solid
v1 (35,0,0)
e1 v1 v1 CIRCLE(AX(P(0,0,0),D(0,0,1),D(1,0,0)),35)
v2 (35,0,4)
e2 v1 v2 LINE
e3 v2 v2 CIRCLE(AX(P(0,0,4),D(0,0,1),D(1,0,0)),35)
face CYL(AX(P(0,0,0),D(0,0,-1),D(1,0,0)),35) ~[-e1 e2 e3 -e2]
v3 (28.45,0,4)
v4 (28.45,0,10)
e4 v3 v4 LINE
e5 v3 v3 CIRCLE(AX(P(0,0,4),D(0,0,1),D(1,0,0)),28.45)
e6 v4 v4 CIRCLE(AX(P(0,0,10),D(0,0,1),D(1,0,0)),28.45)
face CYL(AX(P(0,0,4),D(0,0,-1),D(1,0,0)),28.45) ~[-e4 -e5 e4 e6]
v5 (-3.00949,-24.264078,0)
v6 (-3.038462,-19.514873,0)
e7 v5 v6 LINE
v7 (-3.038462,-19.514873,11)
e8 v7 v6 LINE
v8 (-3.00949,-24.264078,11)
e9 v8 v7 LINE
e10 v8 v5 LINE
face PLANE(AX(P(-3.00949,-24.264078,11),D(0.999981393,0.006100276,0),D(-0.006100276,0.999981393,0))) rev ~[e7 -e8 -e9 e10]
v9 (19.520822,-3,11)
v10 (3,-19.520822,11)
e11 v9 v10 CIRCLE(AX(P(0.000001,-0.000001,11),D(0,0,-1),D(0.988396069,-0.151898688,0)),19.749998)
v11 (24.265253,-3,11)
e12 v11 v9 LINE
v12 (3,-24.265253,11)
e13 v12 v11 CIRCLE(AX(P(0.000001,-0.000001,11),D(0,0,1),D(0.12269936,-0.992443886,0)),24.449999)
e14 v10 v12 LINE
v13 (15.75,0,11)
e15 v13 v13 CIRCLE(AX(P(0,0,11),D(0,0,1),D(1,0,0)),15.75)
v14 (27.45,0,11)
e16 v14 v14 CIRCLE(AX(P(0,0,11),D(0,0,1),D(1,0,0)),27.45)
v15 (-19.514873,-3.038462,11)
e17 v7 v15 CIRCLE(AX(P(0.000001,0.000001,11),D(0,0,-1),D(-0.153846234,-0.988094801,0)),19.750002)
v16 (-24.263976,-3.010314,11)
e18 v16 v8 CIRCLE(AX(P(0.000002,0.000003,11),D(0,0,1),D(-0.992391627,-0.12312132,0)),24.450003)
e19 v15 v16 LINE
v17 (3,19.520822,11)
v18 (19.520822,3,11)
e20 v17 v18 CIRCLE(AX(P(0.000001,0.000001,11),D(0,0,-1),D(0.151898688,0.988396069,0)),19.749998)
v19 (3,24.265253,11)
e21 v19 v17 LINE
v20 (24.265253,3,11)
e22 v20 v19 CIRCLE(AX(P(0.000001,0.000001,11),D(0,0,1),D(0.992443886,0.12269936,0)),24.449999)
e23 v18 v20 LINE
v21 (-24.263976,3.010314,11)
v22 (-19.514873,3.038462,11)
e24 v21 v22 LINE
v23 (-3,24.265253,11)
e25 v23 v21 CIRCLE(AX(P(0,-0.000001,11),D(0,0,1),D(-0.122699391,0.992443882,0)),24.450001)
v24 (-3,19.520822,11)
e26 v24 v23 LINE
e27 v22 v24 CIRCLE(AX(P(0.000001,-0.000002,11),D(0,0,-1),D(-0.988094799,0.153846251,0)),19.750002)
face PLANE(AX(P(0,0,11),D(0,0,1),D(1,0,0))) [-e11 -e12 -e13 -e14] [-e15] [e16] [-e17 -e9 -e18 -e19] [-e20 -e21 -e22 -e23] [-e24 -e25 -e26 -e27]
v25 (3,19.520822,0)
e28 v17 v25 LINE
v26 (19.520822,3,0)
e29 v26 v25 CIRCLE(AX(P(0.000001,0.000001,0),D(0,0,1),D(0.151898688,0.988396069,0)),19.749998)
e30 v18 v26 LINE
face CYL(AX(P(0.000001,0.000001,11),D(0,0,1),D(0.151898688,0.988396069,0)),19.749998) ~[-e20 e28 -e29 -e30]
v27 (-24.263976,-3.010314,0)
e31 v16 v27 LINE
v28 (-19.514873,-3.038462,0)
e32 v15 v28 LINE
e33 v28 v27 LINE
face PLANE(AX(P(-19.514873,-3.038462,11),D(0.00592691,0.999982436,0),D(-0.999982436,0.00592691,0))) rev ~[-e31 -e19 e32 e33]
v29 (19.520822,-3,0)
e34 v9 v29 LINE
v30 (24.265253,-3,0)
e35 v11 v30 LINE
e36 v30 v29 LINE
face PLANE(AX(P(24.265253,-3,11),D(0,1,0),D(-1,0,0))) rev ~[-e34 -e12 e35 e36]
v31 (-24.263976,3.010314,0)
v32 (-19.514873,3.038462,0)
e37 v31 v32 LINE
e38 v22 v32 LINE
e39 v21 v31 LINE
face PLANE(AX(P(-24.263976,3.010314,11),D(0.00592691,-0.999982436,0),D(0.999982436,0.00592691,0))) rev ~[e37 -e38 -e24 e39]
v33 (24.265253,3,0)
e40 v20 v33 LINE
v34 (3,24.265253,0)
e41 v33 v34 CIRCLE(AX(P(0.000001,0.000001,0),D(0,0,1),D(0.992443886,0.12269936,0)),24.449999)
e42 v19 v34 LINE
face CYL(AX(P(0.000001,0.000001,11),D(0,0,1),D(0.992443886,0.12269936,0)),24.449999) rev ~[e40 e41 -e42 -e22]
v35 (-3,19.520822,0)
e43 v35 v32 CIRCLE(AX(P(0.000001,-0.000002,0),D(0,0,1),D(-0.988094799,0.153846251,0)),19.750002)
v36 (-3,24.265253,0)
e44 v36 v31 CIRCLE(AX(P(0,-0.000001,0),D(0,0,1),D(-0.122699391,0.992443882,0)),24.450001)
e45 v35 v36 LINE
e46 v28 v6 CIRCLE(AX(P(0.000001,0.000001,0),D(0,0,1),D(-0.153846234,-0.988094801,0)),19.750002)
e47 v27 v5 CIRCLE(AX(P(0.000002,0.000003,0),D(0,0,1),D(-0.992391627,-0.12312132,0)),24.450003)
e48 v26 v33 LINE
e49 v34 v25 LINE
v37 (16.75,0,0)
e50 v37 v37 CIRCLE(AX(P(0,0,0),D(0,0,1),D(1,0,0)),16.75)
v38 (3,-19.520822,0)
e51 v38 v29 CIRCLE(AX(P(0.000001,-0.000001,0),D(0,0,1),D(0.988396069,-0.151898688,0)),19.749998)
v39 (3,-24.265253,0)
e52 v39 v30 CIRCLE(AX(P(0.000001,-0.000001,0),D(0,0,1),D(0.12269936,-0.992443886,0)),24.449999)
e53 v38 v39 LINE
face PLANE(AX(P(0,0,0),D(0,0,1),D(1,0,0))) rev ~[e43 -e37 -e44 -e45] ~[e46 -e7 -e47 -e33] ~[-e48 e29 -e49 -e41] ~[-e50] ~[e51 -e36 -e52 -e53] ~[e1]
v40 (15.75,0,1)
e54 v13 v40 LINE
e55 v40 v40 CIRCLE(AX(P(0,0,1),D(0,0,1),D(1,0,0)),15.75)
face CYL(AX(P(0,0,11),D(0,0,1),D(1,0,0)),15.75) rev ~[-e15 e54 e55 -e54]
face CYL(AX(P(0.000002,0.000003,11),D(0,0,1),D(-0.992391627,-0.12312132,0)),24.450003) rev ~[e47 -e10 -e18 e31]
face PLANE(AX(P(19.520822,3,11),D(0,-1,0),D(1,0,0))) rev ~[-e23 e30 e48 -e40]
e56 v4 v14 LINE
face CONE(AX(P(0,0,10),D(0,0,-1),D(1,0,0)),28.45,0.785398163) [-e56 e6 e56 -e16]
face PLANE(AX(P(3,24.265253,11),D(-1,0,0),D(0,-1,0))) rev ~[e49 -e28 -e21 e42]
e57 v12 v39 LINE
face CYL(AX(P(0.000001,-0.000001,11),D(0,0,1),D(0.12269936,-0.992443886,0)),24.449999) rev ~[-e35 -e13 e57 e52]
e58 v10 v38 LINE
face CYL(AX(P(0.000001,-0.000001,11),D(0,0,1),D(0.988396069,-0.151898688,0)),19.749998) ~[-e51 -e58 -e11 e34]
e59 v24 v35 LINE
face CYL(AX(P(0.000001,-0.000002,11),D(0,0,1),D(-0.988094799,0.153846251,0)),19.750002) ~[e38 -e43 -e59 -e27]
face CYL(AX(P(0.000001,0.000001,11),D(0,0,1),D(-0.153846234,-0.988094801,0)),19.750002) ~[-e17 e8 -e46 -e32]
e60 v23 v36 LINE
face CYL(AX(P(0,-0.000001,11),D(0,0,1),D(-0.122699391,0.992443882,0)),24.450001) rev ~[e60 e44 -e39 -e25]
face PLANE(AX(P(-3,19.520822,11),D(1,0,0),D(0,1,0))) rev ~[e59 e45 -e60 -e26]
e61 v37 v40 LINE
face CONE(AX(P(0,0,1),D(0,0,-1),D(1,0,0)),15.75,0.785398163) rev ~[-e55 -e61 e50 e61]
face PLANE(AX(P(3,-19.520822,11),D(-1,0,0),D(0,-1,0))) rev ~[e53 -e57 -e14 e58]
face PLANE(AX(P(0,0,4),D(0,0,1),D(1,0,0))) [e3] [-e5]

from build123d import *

# Parameters (mm, degrees)
F0_R     = 35
F1_DEPTH = 4
F2_R     = 28.45
F3_DEPTH = 7
F4_R     = 15.75
F5_DEPTH = 11.001
F6_SIZE  = 1


with BuildPart() as f1:
    # F0 (on Top) → F1 (new body)
    with BuildSketch(Plane.XY):
        Circle(F0_R)
    extrude(amount=F1_DEPTH)

    # F2 (on face) → F3 (join)
    with BuildSketch(Plane.XY.offset(4)):
        Circle(F2_R)
    extrude(amount=F3_DEPTH)

    # F4 (on face) → F5 (cut, through all)
    with BuildSketch(Plane.XY.offset(11)):
        with BuildLine():
            Line((19.520822, 3), (24.265253, 3))
            ThreePointArc((24.265253, 3), (17.288761, 17.288761), (3, 24.265253))
            Line((3, 24.265253), (3, 19.520822))
            ThreePointArc((3, 19.520822), (13.965359, 13.965359), (19.520822, 3))
        make_face()
        with BuildLine():
            ThreePointArc((3, -24.265253), (17.288761, -17.288761), (24.265253, -3))
            Line((24.265253, -3), (19.520822, -3))
            ThreePointArc((19.520822, -3), (13.965359, -13.965359), (3, -19.520822))
            Line((3, -19.520822), (3, -24.265253))
        make_face()
        with BuildLine():
            Line((-3, 19.520822), (-3, 24.265253))
            ThreePointArc((-3, 24.265253), (-17.285086, 17.292435), (-24.263976, 3.010314))
            Line((-24.263976, 3.010314), (-19.514873, 3.038462))
            ThreePointArc((-19.514873, 3.038462), (-13.951592, 13.979112), (-3, 19.520822))
        make_face()
        with BuildLine():
            ThreePointArc((-3.038462, -19.514873), (-13.965359, -13.965359), (-19.514873, -3.038462))
            Line((-19.514873, -3.038462), (-24.263976, -3.010314))
            ThreePointArc((-24.263976, -3.010314), (-17.288467, -17.289054), (-3.00949, -24.264078))
            Line((-3.00949, -24.264078), (-3.038462, -19.514873))
        make_face()
        Circle(F4_R)
    extrude(amount=-F5_DEPTH, mode=Mode.SUBTRACT)

    # F6
    f6_edges = [f1.edges().sort_by_distance(p)[0] for p in [
        (-28.45, 0, 11),
        (-15.75, 0, 0),
    ]]
    chamfer(f6_edges, length=F6_SIZE)


solid = f1.part
